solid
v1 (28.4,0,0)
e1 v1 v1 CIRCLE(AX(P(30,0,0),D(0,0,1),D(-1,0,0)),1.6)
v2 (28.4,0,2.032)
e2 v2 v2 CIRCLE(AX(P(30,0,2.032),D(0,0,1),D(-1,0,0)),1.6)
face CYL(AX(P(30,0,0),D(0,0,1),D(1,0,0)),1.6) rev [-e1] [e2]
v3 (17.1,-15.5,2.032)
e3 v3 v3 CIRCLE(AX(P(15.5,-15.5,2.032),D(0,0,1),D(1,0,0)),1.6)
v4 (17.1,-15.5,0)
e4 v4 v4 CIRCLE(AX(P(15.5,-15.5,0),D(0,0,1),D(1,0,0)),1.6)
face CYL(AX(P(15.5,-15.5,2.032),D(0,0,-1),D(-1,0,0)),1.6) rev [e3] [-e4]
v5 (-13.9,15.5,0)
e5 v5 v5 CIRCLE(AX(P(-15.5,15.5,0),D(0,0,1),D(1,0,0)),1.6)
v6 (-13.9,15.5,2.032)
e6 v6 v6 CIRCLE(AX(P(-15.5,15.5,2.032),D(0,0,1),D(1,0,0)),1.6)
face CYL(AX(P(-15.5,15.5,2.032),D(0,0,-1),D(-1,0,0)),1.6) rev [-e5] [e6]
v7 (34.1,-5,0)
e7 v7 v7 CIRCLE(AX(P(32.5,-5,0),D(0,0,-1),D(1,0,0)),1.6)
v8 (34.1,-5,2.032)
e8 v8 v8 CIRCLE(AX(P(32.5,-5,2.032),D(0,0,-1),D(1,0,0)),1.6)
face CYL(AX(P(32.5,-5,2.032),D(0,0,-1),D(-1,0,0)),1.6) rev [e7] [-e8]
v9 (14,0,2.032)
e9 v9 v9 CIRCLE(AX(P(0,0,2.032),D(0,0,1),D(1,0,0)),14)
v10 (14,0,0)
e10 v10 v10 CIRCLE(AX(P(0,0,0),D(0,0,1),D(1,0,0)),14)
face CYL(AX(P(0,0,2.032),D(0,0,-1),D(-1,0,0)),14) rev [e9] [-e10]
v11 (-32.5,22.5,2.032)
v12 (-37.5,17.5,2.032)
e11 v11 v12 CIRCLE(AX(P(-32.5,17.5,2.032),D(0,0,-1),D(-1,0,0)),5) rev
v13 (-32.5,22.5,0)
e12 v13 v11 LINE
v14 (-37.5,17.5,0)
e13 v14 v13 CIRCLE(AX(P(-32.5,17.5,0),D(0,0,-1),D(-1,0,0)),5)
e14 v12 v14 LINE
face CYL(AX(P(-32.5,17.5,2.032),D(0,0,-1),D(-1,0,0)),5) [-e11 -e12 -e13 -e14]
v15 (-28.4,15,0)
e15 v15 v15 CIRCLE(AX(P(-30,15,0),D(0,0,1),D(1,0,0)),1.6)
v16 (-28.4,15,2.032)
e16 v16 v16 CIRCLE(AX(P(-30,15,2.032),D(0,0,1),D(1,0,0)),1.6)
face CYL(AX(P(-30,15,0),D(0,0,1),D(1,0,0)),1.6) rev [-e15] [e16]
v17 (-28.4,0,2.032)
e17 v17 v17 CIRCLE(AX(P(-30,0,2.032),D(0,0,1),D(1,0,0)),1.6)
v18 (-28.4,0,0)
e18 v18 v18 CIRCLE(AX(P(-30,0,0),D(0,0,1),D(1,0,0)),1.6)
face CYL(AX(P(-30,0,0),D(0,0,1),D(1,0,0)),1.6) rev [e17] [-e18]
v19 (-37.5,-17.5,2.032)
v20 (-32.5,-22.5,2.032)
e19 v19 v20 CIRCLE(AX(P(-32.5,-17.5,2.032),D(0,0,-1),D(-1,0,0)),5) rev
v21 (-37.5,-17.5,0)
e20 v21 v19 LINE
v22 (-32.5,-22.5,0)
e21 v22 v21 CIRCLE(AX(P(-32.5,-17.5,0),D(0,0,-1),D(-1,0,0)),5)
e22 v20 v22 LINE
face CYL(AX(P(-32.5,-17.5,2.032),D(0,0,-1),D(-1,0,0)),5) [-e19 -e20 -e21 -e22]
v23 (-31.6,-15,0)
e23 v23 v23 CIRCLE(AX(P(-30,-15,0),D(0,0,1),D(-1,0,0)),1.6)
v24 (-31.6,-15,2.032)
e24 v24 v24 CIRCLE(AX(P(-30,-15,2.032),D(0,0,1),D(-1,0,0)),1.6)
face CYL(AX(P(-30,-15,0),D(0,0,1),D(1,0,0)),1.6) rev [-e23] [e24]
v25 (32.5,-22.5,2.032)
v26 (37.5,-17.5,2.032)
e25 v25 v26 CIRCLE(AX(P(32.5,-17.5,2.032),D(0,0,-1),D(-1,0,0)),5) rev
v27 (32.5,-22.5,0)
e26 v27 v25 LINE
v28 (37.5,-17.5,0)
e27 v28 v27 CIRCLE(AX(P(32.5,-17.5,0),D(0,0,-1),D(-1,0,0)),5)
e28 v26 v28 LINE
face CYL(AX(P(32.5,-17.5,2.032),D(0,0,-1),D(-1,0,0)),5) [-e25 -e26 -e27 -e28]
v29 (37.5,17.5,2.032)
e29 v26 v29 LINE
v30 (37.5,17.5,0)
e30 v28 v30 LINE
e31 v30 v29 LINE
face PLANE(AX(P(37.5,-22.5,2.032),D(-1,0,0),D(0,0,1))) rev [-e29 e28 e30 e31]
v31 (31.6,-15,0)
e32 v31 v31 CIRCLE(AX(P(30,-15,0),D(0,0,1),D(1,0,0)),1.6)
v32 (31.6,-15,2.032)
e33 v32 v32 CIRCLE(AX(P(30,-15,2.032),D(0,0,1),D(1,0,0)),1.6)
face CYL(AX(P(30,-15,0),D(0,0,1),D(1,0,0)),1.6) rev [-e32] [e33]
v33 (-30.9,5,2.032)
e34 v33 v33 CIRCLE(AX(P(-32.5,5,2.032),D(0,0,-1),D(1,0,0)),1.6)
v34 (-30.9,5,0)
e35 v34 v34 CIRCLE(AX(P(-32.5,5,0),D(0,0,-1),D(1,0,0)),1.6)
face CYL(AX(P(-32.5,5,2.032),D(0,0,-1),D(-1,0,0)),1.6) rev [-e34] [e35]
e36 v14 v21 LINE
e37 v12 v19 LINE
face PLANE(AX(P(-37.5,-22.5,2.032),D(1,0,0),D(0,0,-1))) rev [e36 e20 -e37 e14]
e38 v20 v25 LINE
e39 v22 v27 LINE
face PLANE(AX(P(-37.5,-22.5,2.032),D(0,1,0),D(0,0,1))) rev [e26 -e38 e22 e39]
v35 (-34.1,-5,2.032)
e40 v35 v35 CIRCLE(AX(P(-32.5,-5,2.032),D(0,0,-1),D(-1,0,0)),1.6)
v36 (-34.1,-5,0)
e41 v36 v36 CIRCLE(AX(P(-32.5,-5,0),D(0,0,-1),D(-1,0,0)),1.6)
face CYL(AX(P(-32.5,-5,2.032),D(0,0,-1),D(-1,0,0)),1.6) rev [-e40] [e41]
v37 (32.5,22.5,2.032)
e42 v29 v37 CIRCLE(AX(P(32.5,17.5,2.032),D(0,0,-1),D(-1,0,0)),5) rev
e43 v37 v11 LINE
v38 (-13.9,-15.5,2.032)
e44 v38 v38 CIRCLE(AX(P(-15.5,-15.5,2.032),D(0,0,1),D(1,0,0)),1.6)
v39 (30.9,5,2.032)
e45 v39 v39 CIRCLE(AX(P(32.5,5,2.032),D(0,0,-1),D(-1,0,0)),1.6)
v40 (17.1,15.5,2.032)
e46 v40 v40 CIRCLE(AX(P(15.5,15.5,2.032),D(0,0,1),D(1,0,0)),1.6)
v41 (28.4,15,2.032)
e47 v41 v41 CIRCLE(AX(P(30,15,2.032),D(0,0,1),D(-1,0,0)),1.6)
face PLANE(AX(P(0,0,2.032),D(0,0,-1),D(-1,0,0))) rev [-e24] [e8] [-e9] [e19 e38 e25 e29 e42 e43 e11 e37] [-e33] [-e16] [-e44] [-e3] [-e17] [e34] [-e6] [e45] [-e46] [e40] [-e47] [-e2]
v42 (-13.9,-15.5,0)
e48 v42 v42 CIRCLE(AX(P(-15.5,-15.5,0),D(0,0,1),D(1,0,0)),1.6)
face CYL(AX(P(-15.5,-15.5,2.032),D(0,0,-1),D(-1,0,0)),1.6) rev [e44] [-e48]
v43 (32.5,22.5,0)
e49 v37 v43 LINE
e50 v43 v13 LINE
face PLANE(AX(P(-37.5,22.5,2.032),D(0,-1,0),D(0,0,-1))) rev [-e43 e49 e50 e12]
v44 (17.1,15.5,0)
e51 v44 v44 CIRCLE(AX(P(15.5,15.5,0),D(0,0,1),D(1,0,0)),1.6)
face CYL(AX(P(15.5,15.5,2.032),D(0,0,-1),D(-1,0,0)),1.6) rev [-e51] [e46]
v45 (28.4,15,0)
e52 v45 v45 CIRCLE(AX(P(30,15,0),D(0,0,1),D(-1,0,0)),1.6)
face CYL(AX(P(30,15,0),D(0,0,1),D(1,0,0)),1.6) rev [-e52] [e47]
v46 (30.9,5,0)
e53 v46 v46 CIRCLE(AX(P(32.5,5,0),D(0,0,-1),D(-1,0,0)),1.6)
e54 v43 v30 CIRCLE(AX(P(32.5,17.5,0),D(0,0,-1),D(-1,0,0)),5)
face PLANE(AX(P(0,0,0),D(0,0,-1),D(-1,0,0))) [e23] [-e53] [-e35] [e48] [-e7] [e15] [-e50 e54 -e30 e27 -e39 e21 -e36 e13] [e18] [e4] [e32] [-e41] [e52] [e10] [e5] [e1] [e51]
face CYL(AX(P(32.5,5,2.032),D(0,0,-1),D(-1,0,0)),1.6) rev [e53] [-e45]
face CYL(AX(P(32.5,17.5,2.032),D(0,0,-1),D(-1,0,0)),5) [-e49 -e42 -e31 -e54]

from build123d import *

# Parameters (mm, degrees)
SKETCH1_W           = 75
SKETCH1_H           = 45
SKETCH1_R           = 14
SKETCH1_R_2         = 1.6
BOSS_EXTRUDE1_DEPTH = 2.032
FILLET2_R           = 5
SKETCH2_R           = 1.6
CUT_EXTRUDE1_DEPTH  = 3.032
SKETCH3_R           = 1.6
CUT_EXTRUDE2_DEPTH  = 3.032


with BuildPart() as part:
    # Sketch1 → Boss-Extrude1 (new body)
    with BuildSketch(Plane.XY):
        Rectangle(SKETCH1_W, SKETCH1_H)
        Circle(SKETCH1_R, mode=Mode.SUBTRACT)
        with Locations((-15.5, 15.5)):
            Circle(SKETCH1_R_2, mode=Mode.SUBTRACT)
        with Locations((15.5, 15.5)):
            Circle(SKETCH1_R_2, mode=Mode.SUBTRACT)
        with Locations((15.5, -15.5)):
            Circle(SKETCH1_R_2, mode=Mode.SUBTRACT)
        with Locations((-15.5, -15.5)):
            Circle(SKETCH1_R_2, mode=Mode.SUBTRACT)
    extrude(amount=BOSS_EXTRUDE1_DEPTH)

    # Fillet2
    fillet2_edges = [part.edges().sort_by_distance(p)[0] for p in [
        (37.5, -22.5, 1.016),
        (-37.5, -22.5, 1.016),
        (-37.5, 22.5, 1.016),
        (37.5, 22.5, 1.016),
    ]]
    fillet(fillet2_edges, radius=FILLET2_R)

    # Sketch2 → Cut-Extrude1 (cut, through all)
    with BuildSketch(Plane.XY.offset(2.032)):
        with Locations((-30, 0)):
            Circle(SKETCH2_R)
        with Locations((-30, 15)):
            Circle(SKETCH2_R)
        with Locations((-30, -15)):
            Circle(SKETCH2_R)
        with Locations((30, -15)):
            Circle(SKETCH2_R)
        with Locations((30, 15)):
            Circle(SKETCH2_R)
        with Locations((30, 0)):
            Circle(SKETCH2_R)
    extrude(amount=-CUT_EXTRUDE1_DEPTH, mode=Mode.SUBTRACT)

    # Sketch3 → Cut-Extrude2 (cut, through all)
    with BuildSketch(Plane(origin=(0, 0, 0), x_dir=(-1, 0, 0), z_dir=(0, 0, -1))):
        with Locations((-32.5, 5)):
            Circle(SKETCH3_R)
        with Locations((-32.5, -5)):
            Circle(SKETCH3_R)
        with Locations((32.5, -5)):
            Circle(SKETCH3_R)
        with Locations((32.5, 5)):
            Circle(SKETCH3_R)
    extrude(amount=-CUT_EXTRUDE2_DEPTH, mode=Mode.SUBTRACT)


solid = part.part
